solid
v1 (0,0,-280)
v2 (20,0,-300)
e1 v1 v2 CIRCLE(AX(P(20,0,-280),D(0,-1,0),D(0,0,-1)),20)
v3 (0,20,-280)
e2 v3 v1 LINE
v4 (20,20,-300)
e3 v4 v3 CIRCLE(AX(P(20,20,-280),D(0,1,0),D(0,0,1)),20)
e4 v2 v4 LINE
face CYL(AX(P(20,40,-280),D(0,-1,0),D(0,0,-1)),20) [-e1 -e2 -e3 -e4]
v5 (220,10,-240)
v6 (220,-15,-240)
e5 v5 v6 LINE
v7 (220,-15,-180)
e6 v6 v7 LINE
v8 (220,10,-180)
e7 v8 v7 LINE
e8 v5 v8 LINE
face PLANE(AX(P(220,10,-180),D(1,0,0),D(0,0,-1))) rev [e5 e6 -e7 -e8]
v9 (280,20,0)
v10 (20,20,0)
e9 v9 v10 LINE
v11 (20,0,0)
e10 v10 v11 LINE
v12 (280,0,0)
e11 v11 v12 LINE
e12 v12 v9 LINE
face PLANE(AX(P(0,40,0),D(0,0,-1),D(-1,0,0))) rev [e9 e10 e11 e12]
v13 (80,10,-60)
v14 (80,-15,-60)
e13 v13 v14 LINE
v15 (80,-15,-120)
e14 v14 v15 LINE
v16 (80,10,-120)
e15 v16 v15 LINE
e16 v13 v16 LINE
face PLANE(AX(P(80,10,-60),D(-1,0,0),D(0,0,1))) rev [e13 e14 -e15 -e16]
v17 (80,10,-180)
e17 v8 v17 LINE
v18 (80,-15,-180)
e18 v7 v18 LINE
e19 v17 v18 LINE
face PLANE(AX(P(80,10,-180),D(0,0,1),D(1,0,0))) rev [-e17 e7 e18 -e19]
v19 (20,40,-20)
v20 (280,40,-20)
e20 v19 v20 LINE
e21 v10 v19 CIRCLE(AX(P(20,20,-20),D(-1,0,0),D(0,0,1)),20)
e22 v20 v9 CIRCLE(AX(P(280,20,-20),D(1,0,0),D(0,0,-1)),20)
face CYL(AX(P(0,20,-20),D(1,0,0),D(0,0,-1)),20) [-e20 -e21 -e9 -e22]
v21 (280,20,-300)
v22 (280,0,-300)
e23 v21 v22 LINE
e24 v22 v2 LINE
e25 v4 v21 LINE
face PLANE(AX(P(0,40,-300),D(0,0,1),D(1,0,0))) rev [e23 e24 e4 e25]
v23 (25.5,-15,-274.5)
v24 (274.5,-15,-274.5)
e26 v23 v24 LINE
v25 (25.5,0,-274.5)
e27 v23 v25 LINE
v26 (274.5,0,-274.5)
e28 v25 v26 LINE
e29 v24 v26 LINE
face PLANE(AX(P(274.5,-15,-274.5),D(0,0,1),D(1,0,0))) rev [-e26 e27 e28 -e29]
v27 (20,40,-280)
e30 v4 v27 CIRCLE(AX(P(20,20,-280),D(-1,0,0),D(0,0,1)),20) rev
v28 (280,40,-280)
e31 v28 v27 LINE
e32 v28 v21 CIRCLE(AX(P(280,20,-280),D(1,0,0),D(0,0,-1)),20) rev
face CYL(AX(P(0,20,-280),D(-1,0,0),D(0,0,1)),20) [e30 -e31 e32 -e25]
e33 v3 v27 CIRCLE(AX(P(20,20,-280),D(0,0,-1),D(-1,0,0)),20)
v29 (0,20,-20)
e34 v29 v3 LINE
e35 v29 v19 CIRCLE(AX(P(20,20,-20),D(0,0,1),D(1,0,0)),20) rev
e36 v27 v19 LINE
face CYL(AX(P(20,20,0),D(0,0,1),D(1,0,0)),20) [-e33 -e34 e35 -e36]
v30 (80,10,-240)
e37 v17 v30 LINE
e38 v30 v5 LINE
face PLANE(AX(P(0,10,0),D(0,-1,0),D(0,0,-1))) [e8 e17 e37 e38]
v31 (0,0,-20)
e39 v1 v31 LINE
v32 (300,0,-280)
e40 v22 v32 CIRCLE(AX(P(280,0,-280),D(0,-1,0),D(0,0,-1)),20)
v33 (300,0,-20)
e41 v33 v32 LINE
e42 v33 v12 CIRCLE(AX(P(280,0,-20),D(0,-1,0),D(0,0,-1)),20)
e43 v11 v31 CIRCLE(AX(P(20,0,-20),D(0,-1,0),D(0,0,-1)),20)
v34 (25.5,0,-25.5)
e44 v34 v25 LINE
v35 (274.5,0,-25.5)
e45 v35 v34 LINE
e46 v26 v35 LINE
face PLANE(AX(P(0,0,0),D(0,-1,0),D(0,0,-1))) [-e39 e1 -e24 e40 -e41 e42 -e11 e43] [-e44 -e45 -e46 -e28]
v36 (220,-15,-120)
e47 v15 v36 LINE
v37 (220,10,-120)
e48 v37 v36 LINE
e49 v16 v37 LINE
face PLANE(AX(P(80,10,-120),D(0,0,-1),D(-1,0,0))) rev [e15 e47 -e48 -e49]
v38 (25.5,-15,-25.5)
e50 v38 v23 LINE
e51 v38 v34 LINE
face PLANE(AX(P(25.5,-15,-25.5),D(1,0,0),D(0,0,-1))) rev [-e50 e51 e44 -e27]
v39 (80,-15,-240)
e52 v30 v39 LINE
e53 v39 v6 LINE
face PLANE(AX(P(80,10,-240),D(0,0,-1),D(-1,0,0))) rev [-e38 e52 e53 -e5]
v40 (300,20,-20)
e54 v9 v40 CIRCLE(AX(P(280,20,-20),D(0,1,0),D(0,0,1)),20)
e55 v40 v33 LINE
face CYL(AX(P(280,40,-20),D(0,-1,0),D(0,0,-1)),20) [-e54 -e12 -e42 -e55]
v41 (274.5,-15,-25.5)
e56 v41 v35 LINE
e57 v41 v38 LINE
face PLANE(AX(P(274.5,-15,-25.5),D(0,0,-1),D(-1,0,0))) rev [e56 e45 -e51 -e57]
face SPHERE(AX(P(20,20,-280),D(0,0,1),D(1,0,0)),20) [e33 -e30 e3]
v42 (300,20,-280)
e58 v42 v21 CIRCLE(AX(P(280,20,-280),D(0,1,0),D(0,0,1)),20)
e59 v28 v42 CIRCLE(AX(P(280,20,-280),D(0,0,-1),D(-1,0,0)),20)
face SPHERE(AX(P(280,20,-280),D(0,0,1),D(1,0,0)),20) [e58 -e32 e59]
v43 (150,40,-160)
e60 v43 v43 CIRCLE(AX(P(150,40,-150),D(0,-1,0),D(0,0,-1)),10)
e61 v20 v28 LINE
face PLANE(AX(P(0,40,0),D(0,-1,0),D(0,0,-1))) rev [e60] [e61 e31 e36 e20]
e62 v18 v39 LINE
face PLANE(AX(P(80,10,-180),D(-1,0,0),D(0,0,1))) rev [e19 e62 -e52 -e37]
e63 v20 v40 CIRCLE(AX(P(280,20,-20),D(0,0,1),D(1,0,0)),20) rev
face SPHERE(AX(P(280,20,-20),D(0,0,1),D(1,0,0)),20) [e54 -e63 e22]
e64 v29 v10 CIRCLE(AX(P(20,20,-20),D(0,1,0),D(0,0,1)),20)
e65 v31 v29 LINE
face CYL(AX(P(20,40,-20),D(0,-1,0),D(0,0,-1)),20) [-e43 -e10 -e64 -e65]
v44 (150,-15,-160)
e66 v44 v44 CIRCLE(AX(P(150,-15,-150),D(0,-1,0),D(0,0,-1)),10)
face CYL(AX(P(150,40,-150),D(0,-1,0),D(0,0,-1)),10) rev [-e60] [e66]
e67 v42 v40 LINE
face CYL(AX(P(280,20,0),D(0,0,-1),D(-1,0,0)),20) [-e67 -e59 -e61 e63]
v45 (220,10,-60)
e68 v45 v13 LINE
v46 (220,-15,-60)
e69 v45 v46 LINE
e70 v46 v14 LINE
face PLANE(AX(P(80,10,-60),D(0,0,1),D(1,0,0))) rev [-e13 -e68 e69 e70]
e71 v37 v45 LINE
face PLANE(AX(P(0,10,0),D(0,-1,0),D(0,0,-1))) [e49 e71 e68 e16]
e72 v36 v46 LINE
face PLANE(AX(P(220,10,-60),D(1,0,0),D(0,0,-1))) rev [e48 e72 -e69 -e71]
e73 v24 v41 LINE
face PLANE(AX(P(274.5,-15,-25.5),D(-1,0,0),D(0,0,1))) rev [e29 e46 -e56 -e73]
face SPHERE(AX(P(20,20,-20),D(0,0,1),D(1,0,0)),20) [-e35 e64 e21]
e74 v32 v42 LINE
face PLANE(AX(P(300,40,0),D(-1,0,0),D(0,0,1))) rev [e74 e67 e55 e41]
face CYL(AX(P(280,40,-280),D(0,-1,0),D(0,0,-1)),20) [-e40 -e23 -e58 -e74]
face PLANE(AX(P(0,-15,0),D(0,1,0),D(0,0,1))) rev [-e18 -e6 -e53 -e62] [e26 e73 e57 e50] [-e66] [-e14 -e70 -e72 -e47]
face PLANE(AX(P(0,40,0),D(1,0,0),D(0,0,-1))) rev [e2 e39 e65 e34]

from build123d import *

# Parameters (mm, degrees)
SKETCH1_W           = 300
SKETCH1_H           = 300
BOSS_EXTRUDE1_DEPTH = 40
FILLET1_R           = 20
SKETCH2_W           = 249
SKETCH2_H           = 249
BOSS_EXTRUDE2_DEPTH = 15
SKETCH3_W           = 140
SKETCH3_H           = 60
CUT_EXTRUDE1_DEPTH  = 25
SKETCH4_R           = 10
CUT_EXTRUDE2_DEPTH  = 428.814212013


with BuildPart() as part:
    # Sketch1 → Boss-Extrude1 (new body)
    with BuildSketch(Plane(origin=(0, 0, 0), x_dir=(1, 0, 0), z_dir=(0, 1, 0))):
        with Locations((150, 150)):
            Rectangle(SKETCH1_W, SKETCH1_H)
    extrude(amount=BOSS_EXTRUDE1_DEPTH)

    # Fillet1
    fillet1_edges = [part.edges().sort_by_distance(p)[0] for p in [
        (300, 40, -150),
        (150, 40, -300),
        (0, 40, -150),
        (150, 40, 0),
        (0, 20, -300),
        (300, 20, -300),
        (300, 20, 0),
        (0, 20, 0),
    ]]
    fillet(fillet1_edges, radius=FILLET1_R)

    # Sketch2 → Boss-Extrude2 (add)
    with BuildSketch(Plane.XZ):
        with Locations((150, -150)):
            Rectangle(SKETCH2_W, SKETCH2_H)
    extrude(amount=BOSS_EXTRUDE2_DEPTH)

    # Sketch3 → Cut-Extrude1 (cut)
    with BuildSketch(Plane.XZ.offset(15)):
        with Locations((150, -90)):
            Rectangle(SKETCH3_W, SKETCH3_H)
        with Locations((150, -210)):
            Rectangle(SKETCH3_W, SKETCH3_H)
    extrude(amount=-CUT_EXTRUDE1_DEPTH, mode=Mode.SUBTRACT)

    # Sketch4 → Cut-Extrude2 (cut, through all)
    with BuildSketch(Plane(origin=(0, -15, 0), x_dir=(-1, 0, 0), z_dir=(0, -1, 0))):
        with Locations(Location((-150, 150, 0), (0, 0, 90))):
            Circle(SKETCH4_R)
    extrude(amount=-CUT_EXTRUDE2_DEPTH, mode=Mode.SUBTRACT)


solid = part.part
